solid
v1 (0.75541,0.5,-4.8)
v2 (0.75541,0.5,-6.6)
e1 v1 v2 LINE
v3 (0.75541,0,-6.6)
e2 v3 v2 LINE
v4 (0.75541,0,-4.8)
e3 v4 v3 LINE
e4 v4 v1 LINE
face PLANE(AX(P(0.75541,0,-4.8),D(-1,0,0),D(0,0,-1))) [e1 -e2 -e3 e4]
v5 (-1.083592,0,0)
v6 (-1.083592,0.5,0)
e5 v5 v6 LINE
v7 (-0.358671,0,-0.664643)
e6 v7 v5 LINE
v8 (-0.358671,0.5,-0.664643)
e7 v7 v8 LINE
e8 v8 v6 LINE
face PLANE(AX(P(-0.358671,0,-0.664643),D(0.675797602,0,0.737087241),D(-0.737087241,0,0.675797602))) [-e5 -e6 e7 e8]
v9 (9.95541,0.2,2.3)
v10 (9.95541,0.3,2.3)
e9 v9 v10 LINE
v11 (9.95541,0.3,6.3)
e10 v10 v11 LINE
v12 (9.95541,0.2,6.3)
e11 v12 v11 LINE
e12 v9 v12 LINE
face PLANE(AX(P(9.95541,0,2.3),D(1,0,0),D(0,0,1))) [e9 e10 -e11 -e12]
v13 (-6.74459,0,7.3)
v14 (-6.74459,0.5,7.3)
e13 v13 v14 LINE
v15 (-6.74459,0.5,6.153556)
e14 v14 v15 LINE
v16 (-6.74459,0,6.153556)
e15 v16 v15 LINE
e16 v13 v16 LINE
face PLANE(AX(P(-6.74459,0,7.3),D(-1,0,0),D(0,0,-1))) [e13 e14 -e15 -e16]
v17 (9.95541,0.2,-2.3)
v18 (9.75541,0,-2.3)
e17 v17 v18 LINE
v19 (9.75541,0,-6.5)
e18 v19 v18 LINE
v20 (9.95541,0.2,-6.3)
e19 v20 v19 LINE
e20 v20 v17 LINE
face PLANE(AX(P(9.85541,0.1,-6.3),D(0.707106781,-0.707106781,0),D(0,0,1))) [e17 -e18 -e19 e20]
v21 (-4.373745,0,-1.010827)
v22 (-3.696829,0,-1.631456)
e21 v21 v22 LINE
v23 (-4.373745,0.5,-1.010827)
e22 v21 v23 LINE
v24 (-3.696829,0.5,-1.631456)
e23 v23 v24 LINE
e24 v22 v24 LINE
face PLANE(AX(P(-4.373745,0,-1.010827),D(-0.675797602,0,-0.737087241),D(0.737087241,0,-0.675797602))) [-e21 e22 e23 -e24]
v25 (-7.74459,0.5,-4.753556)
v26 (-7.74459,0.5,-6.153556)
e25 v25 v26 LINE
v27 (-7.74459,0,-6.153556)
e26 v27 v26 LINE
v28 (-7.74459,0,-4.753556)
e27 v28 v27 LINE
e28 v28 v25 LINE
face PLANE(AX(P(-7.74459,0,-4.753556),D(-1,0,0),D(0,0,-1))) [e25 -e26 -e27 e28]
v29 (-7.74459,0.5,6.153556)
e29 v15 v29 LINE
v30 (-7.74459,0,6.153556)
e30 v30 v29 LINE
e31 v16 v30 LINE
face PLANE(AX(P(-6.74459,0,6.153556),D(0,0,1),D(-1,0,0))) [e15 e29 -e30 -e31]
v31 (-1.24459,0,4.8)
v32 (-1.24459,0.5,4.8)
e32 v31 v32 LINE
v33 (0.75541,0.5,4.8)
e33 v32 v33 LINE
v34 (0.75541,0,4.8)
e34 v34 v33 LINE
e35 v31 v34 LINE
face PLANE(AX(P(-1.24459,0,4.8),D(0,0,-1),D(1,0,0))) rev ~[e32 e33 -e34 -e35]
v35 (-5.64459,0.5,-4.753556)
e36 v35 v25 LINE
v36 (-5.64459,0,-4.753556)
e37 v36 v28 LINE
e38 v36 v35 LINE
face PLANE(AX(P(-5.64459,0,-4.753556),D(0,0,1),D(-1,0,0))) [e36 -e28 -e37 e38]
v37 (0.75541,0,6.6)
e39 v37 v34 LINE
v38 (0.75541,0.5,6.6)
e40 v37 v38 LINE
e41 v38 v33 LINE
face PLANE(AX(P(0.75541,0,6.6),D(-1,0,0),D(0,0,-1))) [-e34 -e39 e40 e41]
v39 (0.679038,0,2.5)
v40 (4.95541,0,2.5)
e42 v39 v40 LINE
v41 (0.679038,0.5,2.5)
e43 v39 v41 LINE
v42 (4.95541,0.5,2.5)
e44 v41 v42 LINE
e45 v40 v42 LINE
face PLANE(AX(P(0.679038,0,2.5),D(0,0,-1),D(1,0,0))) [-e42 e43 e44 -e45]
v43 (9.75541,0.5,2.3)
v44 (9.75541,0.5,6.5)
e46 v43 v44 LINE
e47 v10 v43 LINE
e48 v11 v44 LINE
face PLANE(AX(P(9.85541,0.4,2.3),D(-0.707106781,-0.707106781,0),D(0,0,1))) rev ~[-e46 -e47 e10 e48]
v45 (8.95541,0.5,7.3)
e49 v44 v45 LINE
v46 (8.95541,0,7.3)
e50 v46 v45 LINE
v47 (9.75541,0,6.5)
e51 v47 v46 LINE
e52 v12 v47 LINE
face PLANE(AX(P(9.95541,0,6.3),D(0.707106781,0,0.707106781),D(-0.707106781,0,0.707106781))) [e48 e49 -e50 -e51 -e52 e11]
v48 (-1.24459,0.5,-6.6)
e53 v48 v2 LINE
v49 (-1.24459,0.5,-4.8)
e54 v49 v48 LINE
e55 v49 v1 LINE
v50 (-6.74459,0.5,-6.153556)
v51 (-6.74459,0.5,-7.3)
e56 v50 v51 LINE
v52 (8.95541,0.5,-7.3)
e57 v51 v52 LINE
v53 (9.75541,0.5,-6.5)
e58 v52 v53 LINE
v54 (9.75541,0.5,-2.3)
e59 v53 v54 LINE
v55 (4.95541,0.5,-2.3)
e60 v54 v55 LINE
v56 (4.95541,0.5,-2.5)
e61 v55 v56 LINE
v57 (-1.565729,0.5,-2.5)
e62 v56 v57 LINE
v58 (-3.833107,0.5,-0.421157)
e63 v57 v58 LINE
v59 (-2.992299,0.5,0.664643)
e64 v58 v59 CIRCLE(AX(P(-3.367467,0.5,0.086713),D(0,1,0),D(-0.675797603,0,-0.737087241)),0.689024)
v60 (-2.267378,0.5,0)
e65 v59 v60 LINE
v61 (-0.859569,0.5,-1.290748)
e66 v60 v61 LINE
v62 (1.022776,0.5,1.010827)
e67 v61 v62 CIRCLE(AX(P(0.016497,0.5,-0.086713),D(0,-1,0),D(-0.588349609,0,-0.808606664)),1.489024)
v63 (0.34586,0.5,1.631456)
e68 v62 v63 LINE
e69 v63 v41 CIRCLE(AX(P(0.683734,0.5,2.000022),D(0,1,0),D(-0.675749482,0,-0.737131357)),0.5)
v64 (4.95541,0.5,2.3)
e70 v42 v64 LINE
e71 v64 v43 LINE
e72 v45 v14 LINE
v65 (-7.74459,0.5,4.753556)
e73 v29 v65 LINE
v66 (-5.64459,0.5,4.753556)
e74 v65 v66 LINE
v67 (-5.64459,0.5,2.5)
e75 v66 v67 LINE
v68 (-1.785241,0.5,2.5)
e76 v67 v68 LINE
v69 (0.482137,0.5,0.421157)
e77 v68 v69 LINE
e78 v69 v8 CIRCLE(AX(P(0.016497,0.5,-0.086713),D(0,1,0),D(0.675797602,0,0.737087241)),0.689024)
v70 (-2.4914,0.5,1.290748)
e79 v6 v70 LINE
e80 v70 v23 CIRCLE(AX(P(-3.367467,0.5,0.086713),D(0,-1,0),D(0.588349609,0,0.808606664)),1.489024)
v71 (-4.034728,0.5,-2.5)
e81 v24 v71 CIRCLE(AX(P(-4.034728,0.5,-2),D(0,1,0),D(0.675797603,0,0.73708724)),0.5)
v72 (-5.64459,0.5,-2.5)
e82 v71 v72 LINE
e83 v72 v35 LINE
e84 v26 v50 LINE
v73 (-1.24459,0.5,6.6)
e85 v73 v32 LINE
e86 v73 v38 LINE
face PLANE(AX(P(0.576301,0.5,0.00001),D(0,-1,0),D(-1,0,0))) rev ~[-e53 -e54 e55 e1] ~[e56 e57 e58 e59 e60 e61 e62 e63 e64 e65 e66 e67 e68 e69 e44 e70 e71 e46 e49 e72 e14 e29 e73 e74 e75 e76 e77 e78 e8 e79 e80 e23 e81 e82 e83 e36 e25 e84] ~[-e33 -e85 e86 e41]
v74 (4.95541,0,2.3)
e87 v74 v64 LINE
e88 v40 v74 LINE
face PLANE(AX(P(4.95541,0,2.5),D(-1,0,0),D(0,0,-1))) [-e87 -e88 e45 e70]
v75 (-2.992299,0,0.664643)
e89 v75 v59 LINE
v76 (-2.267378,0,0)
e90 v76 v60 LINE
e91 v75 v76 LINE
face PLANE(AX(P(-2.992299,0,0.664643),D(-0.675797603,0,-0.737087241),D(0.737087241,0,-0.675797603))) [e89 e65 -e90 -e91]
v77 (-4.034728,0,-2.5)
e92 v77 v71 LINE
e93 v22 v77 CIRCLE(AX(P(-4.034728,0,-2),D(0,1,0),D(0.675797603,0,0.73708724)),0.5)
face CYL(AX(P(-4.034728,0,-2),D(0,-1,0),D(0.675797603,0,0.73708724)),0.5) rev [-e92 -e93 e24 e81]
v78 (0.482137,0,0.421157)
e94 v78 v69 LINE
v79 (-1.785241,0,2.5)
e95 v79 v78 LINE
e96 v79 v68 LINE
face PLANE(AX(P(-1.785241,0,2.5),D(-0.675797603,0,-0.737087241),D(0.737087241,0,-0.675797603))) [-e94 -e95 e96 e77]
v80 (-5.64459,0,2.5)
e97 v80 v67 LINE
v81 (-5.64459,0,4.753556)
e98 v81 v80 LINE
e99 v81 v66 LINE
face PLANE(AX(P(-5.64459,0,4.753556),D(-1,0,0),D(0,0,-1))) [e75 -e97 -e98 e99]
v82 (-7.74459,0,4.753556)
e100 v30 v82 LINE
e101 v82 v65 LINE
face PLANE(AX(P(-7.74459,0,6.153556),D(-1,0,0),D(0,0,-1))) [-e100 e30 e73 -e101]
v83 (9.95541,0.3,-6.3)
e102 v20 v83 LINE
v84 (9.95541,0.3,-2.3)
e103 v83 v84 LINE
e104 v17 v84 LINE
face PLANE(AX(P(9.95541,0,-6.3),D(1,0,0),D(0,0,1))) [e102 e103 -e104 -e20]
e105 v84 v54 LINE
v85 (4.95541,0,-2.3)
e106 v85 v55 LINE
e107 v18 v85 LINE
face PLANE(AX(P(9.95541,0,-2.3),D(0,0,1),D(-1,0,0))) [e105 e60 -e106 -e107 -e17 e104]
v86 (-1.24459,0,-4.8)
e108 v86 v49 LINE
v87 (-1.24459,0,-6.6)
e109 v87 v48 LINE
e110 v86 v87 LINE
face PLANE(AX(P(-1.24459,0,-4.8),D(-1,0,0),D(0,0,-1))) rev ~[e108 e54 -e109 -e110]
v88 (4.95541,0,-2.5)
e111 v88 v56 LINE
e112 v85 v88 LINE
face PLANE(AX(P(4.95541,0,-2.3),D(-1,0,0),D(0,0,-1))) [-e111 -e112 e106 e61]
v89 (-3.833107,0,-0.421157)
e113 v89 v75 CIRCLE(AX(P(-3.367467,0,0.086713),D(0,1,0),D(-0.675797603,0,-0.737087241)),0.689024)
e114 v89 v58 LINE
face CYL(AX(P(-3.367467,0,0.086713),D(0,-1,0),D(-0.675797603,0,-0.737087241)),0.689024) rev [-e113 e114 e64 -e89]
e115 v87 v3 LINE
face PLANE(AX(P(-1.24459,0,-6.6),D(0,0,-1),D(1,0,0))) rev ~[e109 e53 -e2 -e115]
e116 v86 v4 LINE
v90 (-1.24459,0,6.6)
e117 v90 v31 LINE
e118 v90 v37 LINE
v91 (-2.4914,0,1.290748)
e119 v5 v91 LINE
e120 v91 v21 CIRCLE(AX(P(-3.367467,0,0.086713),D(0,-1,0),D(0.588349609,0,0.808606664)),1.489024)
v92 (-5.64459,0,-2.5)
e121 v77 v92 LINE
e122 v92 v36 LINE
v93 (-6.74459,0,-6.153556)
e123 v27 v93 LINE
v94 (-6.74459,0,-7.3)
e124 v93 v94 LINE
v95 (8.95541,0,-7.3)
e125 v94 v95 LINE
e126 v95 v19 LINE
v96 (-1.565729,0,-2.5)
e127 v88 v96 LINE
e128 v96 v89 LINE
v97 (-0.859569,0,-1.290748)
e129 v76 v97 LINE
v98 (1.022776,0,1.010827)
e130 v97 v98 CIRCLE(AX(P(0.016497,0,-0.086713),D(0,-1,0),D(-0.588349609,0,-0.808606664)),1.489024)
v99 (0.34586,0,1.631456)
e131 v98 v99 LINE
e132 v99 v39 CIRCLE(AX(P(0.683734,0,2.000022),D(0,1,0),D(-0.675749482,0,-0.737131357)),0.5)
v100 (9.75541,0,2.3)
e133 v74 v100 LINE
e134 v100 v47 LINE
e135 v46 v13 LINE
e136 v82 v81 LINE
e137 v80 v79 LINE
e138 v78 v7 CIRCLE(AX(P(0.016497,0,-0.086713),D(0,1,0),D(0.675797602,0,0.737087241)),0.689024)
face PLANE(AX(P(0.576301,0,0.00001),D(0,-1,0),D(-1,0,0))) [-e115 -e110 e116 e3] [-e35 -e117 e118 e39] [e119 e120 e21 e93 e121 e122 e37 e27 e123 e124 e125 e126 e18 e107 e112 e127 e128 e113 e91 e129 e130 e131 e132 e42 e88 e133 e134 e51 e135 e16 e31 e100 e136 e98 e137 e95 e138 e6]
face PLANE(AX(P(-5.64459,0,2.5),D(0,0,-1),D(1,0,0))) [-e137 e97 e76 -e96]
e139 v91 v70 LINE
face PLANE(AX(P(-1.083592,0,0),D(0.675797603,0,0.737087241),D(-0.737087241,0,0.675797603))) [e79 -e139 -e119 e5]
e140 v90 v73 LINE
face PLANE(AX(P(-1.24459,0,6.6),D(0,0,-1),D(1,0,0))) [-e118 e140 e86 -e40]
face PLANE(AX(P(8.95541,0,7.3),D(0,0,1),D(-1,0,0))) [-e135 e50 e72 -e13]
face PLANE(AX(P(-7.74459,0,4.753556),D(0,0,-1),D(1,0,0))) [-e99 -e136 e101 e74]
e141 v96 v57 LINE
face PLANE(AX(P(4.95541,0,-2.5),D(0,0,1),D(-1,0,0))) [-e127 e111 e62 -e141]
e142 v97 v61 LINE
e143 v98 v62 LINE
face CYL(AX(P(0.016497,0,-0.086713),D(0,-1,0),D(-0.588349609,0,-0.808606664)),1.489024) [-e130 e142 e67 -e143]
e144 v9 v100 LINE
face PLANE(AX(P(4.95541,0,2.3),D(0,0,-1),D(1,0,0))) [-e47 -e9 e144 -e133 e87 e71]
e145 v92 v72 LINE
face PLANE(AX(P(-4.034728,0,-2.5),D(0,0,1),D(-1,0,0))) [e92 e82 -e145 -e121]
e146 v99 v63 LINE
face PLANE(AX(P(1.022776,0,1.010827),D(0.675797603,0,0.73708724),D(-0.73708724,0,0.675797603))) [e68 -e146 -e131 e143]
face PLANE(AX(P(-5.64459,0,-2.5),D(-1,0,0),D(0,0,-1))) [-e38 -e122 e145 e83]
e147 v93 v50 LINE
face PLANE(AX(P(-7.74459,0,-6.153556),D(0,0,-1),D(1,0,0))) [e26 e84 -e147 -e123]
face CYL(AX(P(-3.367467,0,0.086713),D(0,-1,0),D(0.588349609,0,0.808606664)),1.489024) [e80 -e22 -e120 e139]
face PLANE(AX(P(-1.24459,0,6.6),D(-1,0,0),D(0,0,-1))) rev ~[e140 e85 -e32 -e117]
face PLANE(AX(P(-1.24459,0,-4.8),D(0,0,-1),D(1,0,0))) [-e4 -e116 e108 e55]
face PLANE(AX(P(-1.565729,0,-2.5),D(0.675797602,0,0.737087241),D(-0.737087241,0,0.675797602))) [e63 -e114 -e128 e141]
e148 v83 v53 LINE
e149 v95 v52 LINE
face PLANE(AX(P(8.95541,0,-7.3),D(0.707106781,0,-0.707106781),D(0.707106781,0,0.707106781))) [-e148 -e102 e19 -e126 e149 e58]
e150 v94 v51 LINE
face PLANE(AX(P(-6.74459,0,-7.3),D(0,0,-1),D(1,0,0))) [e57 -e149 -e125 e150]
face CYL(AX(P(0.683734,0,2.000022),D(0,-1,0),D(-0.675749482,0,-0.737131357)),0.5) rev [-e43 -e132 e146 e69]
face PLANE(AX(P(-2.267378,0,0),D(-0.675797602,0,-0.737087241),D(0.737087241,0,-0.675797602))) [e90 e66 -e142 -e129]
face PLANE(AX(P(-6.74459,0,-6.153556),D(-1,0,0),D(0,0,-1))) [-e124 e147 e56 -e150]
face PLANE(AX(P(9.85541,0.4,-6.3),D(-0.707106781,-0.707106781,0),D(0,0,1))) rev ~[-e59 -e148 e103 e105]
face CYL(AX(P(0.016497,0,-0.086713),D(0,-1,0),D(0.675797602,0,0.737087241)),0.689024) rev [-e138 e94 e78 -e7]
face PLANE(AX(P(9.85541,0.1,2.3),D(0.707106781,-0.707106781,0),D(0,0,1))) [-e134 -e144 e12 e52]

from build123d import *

# Parameters (mm, degrees)
SKETCH1_W           = 2
SKETCH1_H           = 1.8
BOSS_EXTRUDE1_DEPTH = 0.5
CHAMFER1_SIZE       = 0.2


with BuildPart() as part:
    # Sketch1 → Boss-Extrude1 (new body)
    with BuildSketch(Plane(origin=(0, 0, 0), x_dir=(1, 0, 0), z_dir=(0, 1, 0))):
        with BuildLine():
            Line((-6.744590168, 7.3), (8.955409832, 7.3))
            Line((8.955409832, 7.3), (9.955409832, 6.3))
            Line((9.955409832, 6.3), (9.955409832, 2.3))
            Line((9.955409832, 2.3), (4.955409832, 2.3))
            Line((4.955409832, 2.3), (4.955409832, 2.5))
            Line((4.955409832, 2.5), (-1.565729119, 2.5))
            Line((-1.565729119, 2.5), (-3.83310718, 0.421156991))
            ThreePointArc((-3.83310718, 0.421156991), (-3.912248176, -0.508574312), (-2.992299199, -0.664643125))
            Line((-2.992299199, -0.664643125), (-2.267378061, 0))
            Line((-2.267378061, 0), (-0.859569395, 1.290747782))
            ThreePointArc((-0.859569395, 1.290747782), (1.169124512, 1.029390936), (1.022775524, -1.010826784))
            Line((1.022775524, -1.010826784), (0.345859604, -1.63145638))
            ThreePointArc((0.345859604, -1.63145638), (0.216903786, -2.179100893), (0.679037836, -2.5))
            Line((0.679037836, -2.5), (4.955409832, -2.5))
            Line((4.955409832, -2.5), (4.955409832, -2.3))
            Line((4.955409832, -2.3), (9.955409832, -2.3))
            Line((9.955409832, -2.3), (9.955409832, -6.3))
            Line((9.955409832, -6.3), (8.955409832, -7.3))
            Line((8.955409832, -7.3), (-6.744590168, -7.3))
            Line((-6.744590168, -7.3), (-6.744590168, -6.153555701))
            Line((-6.744590168, -6.153555701), (-7.744590168, -6.153555701))
            Line((-7.744590168, -6.153555701), (-7.744590168, -4.753555701))
            Line((-7.744590168, -4.753555701), (-5.644590168, -4.753555701))
            Line((-5.644590168, -4.753555701), (-5.644590168, -2.5))
            Line((-5.644590168, -2.5), (-1.785240618, -2.5))
            Line((-1.785240618, -2.5), (0.482137442, -0.421156991))
            ThreePointArc((0.482137442, -0.421156991), (0.561278438, 0.508574312), (-0.358670538, 0.664643125))
            Line((-0.358670538, 0.664643125), (-1.083591677, 0))
            Line((-1.083591677, 0), (-2.491400342, -1.290747782))
            ThreePointArc((-2.491400342, -1.290747782), (-4.52009425, -1.029390936), (-4.373745262, 1.010826784))
            Line((-4.373745262, 1.010826784), (-3.696829341, 1.63145638))
            ThreePointArc((-3.696829341, 1.63145638), (-3.568749704, 2.181284569), (-4.034728143, 2.5))
            Line((-4.034728143, 2.5), (-5.644590168, 2.5))
            Line((-5.644590168, 2.5), (-5.644590168, 4.753555701))
            Line((-5.644590168, 4.753555701), (-7.744590168, 4.753555701))
            Line((-7.744590168, 4.753555701), (-7.744590168, 6.153555701))
            Line((-7.744590168, 6.153555701), (-6.744590168, 6.153555701))
            Line((-6.744590168, 6.153555701), (-6.744590168, 7.3))
        make_face()
        with Locations((-0.244590168, 5.7)):
            Rectangle(SKETCH1_W, SKETCH1_H, mode=Mode.SUBTRACT)
        with Locations((-0.244590168, -5.7)):
            Rectangle(SKETCH1_W, SKETCH1_H, mode=Mode.SUBTRACT)
    extrude(amount=BOSS_EXTRUDE1_DEPTH)

    # Chamfer1
    chamfer1_edges = [part.edges().sort_by_distance(p)[0] for p in [
        (9.955409832, 0.5, -4.3),
        (9.955409832, 0, -4.3),
        (9.955409832, 0, 4.3),
        (9.955409832, 0.5, 4.3),
    ]]
    chamfer(chamfer1_edges, length=CHAMFER1_SIZE)


solid = part.part
